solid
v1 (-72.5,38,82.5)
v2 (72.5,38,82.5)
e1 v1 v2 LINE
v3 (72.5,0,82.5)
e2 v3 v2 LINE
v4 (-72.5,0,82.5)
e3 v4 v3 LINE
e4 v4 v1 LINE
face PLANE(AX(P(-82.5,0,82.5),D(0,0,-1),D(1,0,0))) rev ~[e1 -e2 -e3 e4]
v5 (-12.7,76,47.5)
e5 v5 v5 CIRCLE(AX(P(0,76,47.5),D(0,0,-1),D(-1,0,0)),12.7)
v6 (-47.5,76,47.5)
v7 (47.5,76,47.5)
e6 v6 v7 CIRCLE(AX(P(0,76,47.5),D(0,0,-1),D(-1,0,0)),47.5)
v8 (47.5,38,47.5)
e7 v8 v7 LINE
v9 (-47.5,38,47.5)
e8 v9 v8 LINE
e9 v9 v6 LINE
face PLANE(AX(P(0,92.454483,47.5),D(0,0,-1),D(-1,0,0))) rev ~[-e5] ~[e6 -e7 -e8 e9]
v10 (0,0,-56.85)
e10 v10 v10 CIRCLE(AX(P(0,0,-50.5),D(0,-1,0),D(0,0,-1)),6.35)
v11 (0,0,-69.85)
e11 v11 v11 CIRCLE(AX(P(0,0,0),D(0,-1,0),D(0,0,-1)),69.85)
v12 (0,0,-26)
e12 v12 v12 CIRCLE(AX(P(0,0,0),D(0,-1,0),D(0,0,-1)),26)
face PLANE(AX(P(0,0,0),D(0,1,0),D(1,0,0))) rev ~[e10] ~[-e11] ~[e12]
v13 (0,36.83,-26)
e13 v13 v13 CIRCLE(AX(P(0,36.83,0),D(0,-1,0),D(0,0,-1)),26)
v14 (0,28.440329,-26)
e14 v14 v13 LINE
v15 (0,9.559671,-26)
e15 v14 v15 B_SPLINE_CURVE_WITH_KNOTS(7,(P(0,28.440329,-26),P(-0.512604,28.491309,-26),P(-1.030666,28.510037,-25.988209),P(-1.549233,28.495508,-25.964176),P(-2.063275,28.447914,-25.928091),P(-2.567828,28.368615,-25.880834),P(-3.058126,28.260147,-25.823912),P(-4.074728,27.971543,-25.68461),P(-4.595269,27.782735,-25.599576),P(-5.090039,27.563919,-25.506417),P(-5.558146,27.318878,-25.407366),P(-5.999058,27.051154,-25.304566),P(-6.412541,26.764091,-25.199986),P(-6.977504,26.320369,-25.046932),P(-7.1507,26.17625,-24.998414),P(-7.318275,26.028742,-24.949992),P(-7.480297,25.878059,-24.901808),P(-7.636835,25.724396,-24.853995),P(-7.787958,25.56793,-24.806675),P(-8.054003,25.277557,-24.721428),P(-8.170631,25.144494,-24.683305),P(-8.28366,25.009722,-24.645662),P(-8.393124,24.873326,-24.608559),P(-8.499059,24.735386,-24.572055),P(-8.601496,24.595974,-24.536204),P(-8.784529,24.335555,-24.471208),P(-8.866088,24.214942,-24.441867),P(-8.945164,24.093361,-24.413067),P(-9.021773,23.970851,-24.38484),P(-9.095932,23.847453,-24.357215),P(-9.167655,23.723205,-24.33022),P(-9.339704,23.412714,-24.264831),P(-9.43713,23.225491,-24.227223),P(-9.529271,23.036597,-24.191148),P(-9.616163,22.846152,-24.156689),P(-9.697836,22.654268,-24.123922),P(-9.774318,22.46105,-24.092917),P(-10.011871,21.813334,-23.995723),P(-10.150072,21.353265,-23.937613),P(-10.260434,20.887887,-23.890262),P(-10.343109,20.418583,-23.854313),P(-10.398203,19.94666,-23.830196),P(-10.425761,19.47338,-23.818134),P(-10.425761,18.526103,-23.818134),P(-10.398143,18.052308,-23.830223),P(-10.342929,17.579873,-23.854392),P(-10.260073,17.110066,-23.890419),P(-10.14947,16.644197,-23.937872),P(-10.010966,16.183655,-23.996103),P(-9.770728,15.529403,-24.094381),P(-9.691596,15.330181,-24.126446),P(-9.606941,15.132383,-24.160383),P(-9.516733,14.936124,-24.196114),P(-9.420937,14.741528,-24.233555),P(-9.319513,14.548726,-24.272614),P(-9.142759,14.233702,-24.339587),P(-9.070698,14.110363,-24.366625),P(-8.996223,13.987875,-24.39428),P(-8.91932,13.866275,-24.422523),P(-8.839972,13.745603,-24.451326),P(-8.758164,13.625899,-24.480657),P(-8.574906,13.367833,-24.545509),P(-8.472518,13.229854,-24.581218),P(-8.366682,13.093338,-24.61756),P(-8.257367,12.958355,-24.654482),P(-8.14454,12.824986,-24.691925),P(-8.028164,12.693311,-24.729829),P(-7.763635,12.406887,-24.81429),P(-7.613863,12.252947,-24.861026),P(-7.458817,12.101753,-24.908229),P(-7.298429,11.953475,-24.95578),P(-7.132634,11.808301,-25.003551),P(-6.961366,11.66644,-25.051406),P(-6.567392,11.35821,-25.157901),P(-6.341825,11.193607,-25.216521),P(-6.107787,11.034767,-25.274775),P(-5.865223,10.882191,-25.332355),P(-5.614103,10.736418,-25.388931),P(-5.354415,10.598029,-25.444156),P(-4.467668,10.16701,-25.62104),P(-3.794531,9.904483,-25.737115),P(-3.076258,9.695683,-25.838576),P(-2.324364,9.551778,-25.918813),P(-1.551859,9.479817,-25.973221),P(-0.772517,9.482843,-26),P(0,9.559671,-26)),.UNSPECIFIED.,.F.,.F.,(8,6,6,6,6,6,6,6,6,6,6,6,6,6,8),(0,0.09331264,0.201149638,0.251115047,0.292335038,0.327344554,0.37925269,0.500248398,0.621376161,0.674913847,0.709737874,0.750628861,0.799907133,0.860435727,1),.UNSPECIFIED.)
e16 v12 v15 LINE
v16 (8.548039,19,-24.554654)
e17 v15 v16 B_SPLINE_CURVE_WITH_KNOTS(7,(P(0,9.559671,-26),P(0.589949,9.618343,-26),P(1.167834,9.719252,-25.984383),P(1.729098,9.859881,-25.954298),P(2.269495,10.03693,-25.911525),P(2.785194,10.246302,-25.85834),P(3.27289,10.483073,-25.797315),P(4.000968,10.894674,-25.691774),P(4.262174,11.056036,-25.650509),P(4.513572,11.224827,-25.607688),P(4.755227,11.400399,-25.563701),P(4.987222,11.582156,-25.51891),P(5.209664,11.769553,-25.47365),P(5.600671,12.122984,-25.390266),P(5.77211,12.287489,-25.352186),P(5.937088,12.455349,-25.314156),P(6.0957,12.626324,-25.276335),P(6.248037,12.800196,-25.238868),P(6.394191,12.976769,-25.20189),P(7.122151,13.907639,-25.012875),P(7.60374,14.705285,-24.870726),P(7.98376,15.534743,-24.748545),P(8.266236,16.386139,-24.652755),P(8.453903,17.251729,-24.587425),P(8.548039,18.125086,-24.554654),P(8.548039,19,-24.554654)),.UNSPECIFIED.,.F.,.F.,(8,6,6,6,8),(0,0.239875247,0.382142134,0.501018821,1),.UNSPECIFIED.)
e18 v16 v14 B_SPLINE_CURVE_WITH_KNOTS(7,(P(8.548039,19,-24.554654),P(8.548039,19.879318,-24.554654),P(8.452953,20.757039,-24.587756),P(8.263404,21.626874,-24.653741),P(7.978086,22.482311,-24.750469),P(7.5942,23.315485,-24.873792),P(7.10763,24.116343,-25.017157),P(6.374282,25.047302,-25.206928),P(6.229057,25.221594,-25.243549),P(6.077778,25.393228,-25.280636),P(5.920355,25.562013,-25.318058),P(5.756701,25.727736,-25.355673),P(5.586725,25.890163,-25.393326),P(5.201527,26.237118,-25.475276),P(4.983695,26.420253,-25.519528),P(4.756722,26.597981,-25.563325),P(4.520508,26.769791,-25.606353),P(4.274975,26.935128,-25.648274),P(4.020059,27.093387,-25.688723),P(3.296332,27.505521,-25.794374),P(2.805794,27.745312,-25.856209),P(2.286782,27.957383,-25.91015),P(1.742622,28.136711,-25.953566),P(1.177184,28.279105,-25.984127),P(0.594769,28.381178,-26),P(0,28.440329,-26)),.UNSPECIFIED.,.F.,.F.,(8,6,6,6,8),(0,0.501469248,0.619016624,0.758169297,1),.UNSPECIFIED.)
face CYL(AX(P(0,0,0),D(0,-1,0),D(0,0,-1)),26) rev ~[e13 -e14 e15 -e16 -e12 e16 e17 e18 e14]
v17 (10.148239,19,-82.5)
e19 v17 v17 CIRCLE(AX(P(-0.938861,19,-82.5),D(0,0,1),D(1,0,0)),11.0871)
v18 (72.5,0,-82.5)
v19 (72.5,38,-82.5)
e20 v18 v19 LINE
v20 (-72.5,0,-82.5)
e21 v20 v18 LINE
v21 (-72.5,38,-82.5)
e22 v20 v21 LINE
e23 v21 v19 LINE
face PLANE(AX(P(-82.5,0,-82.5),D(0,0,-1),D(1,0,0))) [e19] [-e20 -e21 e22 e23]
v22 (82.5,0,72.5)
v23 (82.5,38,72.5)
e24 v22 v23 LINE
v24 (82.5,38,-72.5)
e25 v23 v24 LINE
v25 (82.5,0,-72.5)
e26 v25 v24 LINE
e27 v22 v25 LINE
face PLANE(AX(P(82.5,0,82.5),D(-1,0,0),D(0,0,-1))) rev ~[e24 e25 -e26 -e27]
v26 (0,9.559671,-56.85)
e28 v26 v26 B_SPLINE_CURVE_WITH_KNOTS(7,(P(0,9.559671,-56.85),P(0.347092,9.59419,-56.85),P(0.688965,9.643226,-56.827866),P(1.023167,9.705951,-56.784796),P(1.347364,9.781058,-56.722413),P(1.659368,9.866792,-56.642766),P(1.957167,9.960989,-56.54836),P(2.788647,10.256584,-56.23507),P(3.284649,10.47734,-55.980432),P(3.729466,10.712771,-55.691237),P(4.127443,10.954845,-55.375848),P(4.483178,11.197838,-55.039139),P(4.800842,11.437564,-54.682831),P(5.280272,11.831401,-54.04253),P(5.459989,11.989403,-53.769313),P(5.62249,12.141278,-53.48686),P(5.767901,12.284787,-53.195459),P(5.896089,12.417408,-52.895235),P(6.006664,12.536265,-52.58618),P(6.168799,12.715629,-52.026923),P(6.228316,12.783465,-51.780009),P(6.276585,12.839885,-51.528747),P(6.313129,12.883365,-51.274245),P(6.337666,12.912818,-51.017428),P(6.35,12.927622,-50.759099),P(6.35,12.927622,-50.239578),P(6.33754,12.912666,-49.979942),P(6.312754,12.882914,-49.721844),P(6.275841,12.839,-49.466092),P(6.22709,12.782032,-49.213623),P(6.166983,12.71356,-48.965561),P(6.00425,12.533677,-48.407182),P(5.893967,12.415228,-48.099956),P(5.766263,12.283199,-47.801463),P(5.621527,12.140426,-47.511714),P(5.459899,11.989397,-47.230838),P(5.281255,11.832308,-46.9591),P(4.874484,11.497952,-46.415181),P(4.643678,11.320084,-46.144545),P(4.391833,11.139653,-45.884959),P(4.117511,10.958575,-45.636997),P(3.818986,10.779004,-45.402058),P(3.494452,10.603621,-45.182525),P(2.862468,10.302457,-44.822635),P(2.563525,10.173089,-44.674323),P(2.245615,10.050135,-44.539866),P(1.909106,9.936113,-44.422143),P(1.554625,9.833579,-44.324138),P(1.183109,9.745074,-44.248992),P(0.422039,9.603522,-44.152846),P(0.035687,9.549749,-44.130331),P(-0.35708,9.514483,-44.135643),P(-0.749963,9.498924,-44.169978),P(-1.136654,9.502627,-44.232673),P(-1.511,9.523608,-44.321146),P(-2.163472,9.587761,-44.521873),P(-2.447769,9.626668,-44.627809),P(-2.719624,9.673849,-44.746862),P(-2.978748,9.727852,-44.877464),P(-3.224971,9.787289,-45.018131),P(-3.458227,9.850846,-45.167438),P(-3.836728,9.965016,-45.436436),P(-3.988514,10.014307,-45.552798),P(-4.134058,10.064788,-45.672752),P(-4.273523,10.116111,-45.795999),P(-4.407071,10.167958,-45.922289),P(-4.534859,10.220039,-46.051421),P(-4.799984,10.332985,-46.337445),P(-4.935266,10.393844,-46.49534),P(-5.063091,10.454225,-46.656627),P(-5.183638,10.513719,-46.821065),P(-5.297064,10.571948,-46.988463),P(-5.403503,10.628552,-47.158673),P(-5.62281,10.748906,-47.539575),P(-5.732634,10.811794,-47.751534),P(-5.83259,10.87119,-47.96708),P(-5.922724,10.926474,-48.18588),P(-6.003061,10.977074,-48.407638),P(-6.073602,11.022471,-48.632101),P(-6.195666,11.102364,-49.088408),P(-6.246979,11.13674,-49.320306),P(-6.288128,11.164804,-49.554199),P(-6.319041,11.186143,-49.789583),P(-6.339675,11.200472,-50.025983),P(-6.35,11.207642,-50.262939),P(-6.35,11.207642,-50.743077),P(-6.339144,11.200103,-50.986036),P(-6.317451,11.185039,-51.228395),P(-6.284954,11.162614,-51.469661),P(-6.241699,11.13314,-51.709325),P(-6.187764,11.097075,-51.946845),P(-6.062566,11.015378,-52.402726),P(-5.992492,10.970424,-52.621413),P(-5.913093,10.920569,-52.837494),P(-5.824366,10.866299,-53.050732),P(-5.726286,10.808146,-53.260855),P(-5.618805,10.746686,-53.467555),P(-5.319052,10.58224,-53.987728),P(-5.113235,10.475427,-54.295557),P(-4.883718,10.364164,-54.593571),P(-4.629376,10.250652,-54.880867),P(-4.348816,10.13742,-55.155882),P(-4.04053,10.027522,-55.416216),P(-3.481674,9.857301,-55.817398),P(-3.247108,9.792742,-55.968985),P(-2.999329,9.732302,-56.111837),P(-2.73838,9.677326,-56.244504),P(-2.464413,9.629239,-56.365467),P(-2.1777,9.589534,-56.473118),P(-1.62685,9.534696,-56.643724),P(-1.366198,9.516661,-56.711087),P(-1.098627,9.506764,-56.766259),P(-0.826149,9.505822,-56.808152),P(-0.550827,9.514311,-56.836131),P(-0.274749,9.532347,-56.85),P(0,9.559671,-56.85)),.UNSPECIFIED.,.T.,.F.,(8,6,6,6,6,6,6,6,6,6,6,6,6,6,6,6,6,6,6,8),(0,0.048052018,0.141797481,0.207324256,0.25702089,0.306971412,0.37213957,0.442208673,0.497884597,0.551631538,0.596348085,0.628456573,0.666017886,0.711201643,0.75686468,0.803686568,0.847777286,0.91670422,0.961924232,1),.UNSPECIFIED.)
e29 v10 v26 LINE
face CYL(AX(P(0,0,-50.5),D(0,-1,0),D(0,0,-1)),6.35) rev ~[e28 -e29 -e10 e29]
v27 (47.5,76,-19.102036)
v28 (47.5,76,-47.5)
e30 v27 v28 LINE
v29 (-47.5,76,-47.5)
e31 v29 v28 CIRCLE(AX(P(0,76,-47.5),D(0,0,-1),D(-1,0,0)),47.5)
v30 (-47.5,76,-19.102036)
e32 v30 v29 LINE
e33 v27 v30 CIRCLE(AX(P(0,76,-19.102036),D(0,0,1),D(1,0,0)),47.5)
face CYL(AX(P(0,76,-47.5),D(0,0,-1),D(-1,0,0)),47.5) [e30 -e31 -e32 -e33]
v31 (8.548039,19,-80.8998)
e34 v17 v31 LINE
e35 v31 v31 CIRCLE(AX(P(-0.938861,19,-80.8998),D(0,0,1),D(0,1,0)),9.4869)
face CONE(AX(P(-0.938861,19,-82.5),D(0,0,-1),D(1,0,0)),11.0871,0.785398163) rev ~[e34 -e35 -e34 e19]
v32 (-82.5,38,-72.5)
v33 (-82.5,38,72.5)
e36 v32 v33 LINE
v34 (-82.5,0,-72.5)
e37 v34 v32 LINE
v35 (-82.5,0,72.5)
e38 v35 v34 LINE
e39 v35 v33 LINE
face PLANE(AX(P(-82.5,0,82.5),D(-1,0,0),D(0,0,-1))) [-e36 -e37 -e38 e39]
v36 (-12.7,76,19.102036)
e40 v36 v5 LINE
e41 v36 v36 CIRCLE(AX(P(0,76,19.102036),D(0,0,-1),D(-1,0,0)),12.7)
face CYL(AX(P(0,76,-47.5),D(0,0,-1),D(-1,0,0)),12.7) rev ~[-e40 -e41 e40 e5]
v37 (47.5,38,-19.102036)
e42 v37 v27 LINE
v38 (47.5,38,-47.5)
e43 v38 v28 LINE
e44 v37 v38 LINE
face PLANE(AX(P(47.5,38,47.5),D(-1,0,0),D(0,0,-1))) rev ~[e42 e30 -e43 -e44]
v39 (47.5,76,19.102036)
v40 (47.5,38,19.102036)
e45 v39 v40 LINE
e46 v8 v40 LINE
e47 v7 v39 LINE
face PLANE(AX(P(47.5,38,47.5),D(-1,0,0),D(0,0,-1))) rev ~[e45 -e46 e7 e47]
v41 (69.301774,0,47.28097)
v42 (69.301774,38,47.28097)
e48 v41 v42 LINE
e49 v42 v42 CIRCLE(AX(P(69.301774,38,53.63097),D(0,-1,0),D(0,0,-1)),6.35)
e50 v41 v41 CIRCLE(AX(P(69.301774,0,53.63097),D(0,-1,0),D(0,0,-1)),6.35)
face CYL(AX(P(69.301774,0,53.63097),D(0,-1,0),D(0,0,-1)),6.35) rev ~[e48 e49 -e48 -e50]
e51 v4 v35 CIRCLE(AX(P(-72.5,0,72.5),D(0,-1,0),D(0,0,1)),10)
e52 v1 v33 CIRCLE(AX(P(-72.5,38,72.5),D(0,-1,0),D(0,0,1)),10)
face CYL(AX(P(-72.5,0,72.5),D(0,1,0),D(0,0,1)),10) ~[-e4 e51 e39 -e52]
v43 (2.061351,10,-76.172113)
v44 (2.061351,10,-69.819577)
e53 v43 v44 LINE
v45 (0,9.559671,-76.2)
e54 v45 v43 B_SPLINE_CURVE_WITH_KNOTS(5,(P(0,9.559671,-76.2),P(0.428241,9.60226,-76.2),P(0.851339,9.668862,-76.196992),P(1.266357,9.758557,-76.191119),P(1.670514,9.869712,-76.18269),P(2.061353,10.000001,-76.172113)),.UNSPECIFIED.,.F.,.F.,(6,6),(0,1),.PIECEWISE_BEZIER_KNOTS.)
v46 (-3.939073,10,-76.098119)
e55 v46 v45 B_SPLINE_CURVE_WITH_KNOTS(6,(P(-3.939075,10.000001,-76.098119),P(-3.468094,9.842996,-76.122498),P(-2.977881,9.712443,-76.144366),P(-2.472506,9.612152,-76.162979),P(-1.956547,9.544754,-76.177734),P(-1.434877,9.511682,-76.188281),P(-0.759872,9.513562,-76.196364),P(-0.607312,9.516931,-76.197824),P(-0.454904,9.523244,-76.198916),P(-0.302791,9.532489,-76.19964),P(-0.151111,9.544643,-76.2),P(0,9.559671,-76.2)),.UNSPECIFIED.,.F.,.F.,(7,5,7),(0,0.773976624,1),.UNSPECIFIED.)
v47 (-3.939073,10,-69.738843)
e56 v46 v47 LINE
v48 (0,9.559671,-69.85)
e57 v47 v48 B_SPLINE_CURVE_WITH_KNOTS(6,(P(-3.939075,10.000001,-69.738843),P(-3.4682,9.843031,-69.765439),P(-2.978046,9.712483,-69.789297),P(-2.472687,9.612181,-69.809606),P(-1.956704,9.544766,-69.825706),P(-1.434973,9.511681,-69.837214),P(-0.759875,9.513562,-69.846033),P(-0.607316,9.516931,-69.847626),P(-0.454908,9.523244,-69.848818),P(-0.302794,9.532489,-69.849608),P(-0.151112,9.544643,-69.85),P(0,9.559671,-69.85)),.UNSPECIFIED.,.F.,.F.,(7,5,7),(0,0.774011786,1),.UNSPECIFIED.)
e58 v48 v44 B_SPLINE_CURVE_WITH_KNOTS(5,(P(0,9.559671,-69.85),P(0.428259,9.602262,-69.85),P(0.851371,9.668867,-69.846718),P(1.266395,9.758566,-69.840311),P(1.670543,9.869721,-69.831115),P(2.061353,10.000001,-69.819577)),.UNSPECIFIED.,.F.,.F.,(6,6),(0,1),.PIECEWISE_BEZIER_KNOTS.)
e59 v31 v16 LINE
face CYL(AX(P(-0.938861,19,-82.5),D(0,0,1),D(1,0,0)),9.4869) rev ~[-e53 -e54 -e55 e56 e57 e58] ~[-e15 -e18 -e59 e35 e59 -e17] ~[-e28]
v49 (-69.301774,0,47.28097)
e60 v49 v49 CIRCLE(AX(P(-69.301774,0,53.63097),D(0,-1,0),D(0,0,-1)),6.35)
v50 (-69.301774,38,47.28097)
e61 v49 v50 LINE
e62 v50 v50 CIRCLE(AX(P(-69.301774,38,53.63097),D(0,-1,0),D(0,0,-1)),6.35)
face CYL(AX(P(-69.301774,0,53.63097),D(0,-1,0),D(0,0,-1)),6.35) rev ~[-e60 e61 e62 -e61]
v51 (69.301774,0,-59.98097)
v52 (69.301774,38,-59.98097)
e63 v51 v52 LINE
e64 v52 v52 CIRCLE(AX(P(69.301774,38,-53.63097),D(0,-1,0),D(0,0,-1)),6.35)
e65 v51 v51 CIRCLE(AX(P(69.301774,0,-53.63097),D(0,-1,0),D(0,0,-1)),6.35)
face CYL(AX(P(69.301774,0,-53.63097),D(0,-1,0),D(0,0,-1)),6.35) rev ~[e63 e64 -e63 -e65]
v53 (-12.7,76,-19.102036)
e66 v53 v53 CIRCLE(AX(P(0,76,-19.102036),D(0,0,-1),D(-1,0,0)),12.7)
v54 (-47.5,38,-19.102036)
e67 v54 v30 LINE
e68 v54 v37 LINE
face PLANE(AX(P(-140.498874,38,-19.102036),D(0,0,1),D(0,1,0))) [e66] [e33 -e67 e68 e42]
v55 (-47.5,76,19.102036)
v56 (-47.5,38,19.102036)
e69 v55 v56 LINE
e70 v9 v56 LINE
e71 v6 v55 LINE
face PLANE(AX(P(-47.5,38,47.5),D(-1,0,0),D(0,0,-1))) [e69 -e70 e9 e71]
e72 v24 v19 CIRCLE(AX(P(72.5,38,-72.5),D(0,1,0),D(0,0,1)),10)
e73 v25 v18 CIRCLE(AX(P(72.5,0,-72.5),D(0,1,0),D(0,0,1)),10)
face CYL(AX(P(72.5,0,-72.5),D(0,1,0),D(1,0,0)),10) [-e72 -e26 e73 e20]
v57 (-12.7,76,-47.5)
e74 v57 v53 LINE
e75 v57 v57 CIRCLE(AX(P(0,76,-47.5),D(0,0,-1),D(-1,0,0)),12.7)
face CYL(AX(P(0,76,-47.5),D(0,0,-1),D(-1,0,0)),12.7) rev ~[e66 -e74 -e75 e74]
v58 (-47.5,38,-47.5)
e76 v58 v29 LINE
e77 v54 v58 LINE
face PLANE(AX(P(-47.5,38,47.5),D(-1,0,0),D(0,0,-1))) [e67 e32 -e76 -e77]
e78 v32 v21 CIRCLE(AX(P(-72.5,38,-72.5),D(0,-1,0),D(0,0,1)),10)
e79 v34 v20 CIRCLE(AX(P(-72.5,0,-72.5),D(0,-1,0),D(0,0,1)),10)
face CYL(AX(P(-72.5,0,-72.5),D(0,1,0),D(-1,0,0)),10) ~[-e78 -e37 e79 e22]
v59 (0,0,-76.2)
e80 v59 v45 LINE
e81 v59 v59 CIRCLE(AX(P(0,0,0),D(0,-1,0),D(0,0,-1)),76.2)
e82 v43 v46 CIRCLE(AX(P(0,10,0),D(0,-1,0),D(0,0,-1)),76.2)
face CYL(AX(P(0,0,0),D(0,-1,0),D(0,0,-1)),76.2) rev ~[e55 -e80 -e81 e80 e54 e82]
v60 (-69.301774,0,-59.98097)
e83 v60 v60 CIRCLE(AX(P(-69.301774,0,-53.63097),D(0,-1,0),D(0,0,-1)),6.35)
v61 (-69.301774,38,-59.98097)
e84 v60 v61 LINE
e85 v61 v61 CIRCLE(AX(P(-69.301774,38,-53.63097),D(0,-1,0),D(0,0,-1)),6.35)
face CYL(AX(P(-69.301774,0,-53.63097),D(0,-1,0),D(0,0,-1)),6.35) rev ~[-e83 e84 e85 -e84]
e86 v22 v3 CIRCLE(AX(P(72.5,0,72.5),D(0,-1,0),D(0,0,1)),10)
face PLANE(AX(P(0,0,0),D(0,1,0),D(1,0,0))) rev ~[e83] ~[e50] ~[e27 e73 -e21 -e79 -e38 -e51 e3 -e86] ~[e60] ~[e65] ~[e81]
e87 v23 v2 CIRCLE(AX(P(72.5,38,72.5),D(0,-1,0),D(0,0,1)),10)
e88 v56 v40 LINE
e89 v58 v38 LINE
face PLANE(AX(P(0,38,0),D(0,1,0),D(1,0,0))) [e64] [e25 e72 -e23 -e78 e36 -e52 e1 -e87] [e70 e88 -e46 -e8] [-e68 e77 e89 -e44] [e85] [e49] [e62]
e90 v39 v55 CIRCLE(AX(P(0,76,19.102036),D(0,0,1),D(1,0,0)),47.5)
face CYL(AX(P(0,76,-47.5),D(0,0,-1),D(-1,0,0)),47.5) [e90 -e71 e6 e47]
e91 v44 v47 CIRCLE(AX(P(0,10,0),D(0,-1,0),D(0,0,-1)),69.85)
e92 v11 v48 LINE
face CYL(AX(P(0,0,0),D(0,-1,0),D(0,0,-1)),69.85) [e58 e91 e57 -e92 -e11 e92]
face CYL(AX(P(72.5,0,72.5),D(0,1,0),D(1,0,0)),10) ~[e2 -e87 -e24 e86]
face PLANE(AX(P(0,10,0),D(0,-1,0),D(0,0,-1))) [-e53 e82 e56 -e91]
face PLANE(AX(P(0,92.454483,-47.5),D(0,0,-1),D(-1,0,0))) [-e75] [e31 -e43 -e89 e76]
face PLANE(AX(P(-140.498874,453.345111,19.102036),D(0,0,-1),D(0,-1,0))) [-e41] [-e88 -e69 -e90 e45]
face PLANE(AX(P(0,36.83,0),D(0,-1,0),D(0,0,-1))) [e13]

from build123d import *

# Parameters (mm, degrees)
SKETCH1_W                              = 165
SKETCH1_H                              = 165
BOSS_EXTRUDE1_DEPTH                    = 38
SKETCH2_W                              = 95
SKETCH2_H                              = 95
BOSS_EXTRUDE2_DEPTH                    = 38
BOSS_EXTRUDE4_DEPTH                    = 95
SKETCH5_R                              = 12.7
CUT_EXTRUDE1_DEPTH                     = 198.379076905
CUT_EXTRUDE2_DEPTH                     = 222.998873871
CUT_EXTRUDE2_DEPTH_BACK                = 222.998873871
FILLET1_R                              = 10
FILLET2_R                              = 10
SKETCH9_R                              = 26
CUT_EXTRUDE3_DEPTH                     = 36.83
SKETCH10_R                             = 76.2
SKETCH10_R_2                           = 69.85
CUT_EXTRUDE4_DEPTH                     = 10
F_1_2_14_NPSM_TAPPED_HOLE1_D           = 18.9738
F_1_2_14_NPSM_TAPPED_HOLE1_DEPTH       = 63.5
F_1_2_14_NPSM_TAPPED_HOLE1_CSINK_D     = 22.1742
F_1_2_14_NPSM_TAPPED_HOLE1_CSINK_ANGLE = 90
F_1_2_14_NPSM_TAPPED_HOLE1_TIP         = 5.700304607
SKETCH13_R                             = 6.35
CUT_EXTRUDE5_DEPTH                     = 25
SKETCH14_R                             = 6.35
CUT_EXTRUDE7_DEPTH                     = 170.896291896


with BuildPart() as part:
    # Sketch1 → Boss-Extrude1 (new body)
    with BuildSketch(Plane(origin=(0, 0, 0), x_dir=(1, 0, 0), z_dir=(0, 1, 0))):
        Rectangle(SKETCH1_W, SKETCH1_H)
    extrude(amount=BOSS_EXTRUDE1_DEPTH)

    # Sketch2 → Boss-Extrude2 (add)
    with BuildSketch(Plane(origin=(0, 38, 0), x_dir=(1, 0, 0), z_dir=(0, 1, 0))):
        Rectangle(SKETCH2_W, SKETCH2_H)
    extrude(amount=BOSS_EXTRUDE2_DEPTH)

    # Sketch3 → Boss-Extrude4 (add)
    with BuildSketch(Plane(origin=(0, 0, -47.5), x_dir=(-1, 0, 0), z_dir=(0, 0, -1))):
        with BuildLine():
            Line((-47.5, 76), (47.5, 76))
            ThreePointArc((47.5, 76), (0, 123.5), (-47.5, 76))
        make_face()
    extrude(amount=-BOSS_EXTRUDE4_DEPTH)

    # Sketch5 → Cut-Extrude1 (cut, through all)
    with BuildSketch(Plane(origin=(0, 0, -47.5), x_dir=(-1, 0, 0), z_dir=(0, 0, -1))):
        with Locations((0, 76)):
            Circle(SKETCH5_R)
    extrude(amount=-CUT_EXTRUDE1_DEPTH, mode=Mode.SUBTRACT)

    # Sketch8 → Cut-Extrude2 (cut, two sides: drawn at the far end of the back side and taken through both)
    with BuildSketch(Plane(origin=(82.5, 0, 0), x_dir=(0, 0, -1), z_dir=(1, 0, 0)).offset(-CUT_EXTRUDE2_DEPTH_BACK)):
        Polygon((-19.102036328, 453.345111178), (-19.102036328, 123.5), (-19.102036328, 100.748776974), (-19.102036328, 38), (19.102036328, 38), (19.102036328, 100.748776974), (19.102036328, 123.5), (19, 123.5), (-19, 123.5), (-348.845111178, 123.5), (117.698474691, -342.899262388), (447.44154954, -13.05415121), align=None)
    extrude(amount=CUT_EXTRUDE2_DEPTH + CUT_EXTRUDE2_DEPTH_BACK, mode=Mode.SUBTRACT)

    # Fillet1
    fillet1_edges = [part.edges().sort_by_distance(p)[0] for p in [
        (82.5, 19, 82.5),
    ]]
    fillet(fillet1_edges, radius=FILLET1_R)

    # Fillet2
    fillet2_edges = [part.edges().sort_by_distance(p)[0] for p in [
        (-82.5, 19, 82.5),
        (-82.5, 19, -82.5),
        (82.5, 19, -82.5),
    ]]
    fillet(fillet2_edges, radius=FILLET2_R)

    # Sketch9 → Cut-Extrude3 (cut)
    with BuildSketch(Plane.XZ):
        with Locations(Location((0, 0, 0), (0, 0, 270))):
            Circle(SKETCH9_R)
    extrude(amount=-CUT_EXTRUDE3_DEPTH, mode=Mode.SUBTRACT)

    # Sketch10 → Cut-Extrude4 (cut)
    with BuildSketch(Plane.XZ):
        with Locations(Location((0, 0, 0), (0, 0, 270))):
            Circle(SKETCH10_R)
        with Locations(Location((0, 0, 0), (0, 0, 270))):
            Circle(SKETCH10_R_2, mode=Mode.SUBTRACT)
    extrude(amount=-CUT_EXTRUDE4_DEPTH, mode=Mode.SUBTRACT)

    # 1/2-14 NPSM Tapped Hole1
    with Locations(Plane(origin=(-0.938861221, 19, -82.5), x_dir=(-1, 0, 0), z_dir=(0, 0, -1))):
        with Locations((0, 0)):
            CounterSinkHole(F_1_2_14_NPSM_TAPPED_HOLE1_D / 2, F_1_2_14_NPSM_TAPPED_HOLE1_CSINK_D / 2, depth=F_1_2_14_NPSM_TAPPED_HOLE1_DEPTH, counter_sink_angle=F_1_2_14_NPSM_TAPPED_HOLE1_CSINK_ANGLE)
            with Locations((0, 0, -(F_1_2_14_NPSM_TAPPED_HOLE1_DEPTH + F_1_2_14_NPSM_TAPPED_HOLE1_TIP / 2))):  # 118° drill point
                Cone(0, F_1_2_14_NPSM_TAPPED_HOLE1_D / 2, F_1_2_14_NPSM_TAPPED_HOLE1_TIP, mode=Mode.SUBTRACT)

    # Sketch13 → Cut-Extrude5 (cut)
    with BuildSketch(Plane.XZ):
        with Locations(Location((0, -50.5, 0), (0, 0, 270))):
            Circle(SKETCH13_R)
    extrude(amount=-CUT_EXTRUDE5_DEPTH, mode=Mode.SUBTRACT)

    # Sketch14 → Cut-Extrude7 (cut, through all)
    with BuildSketch(Plane.XZ):
        with Locations(Location((-69.30177445, 53.630970139, 0), (0, 0, 270))):
            Circle(SKETCH14_R)
        with Locations(Location((-69.30177445, -53.630970139, 0), (0, 0, 270))):
            Circle(SKETCH14_R)
        with Locations(Location((69.30177445, -53.630970139, 0), (0, 0, 270))):
            Circle(SKETCH14_R)
        with Locations(Location((69.30177445, 53.630970139, 0), (0, 0, 270))):
            Circle(SKETCH14_R)
    extrude(amount=-CUT_EXTRUDE7_DEPTH, mode=Mode.SUBTRACT)


solid = part.part
